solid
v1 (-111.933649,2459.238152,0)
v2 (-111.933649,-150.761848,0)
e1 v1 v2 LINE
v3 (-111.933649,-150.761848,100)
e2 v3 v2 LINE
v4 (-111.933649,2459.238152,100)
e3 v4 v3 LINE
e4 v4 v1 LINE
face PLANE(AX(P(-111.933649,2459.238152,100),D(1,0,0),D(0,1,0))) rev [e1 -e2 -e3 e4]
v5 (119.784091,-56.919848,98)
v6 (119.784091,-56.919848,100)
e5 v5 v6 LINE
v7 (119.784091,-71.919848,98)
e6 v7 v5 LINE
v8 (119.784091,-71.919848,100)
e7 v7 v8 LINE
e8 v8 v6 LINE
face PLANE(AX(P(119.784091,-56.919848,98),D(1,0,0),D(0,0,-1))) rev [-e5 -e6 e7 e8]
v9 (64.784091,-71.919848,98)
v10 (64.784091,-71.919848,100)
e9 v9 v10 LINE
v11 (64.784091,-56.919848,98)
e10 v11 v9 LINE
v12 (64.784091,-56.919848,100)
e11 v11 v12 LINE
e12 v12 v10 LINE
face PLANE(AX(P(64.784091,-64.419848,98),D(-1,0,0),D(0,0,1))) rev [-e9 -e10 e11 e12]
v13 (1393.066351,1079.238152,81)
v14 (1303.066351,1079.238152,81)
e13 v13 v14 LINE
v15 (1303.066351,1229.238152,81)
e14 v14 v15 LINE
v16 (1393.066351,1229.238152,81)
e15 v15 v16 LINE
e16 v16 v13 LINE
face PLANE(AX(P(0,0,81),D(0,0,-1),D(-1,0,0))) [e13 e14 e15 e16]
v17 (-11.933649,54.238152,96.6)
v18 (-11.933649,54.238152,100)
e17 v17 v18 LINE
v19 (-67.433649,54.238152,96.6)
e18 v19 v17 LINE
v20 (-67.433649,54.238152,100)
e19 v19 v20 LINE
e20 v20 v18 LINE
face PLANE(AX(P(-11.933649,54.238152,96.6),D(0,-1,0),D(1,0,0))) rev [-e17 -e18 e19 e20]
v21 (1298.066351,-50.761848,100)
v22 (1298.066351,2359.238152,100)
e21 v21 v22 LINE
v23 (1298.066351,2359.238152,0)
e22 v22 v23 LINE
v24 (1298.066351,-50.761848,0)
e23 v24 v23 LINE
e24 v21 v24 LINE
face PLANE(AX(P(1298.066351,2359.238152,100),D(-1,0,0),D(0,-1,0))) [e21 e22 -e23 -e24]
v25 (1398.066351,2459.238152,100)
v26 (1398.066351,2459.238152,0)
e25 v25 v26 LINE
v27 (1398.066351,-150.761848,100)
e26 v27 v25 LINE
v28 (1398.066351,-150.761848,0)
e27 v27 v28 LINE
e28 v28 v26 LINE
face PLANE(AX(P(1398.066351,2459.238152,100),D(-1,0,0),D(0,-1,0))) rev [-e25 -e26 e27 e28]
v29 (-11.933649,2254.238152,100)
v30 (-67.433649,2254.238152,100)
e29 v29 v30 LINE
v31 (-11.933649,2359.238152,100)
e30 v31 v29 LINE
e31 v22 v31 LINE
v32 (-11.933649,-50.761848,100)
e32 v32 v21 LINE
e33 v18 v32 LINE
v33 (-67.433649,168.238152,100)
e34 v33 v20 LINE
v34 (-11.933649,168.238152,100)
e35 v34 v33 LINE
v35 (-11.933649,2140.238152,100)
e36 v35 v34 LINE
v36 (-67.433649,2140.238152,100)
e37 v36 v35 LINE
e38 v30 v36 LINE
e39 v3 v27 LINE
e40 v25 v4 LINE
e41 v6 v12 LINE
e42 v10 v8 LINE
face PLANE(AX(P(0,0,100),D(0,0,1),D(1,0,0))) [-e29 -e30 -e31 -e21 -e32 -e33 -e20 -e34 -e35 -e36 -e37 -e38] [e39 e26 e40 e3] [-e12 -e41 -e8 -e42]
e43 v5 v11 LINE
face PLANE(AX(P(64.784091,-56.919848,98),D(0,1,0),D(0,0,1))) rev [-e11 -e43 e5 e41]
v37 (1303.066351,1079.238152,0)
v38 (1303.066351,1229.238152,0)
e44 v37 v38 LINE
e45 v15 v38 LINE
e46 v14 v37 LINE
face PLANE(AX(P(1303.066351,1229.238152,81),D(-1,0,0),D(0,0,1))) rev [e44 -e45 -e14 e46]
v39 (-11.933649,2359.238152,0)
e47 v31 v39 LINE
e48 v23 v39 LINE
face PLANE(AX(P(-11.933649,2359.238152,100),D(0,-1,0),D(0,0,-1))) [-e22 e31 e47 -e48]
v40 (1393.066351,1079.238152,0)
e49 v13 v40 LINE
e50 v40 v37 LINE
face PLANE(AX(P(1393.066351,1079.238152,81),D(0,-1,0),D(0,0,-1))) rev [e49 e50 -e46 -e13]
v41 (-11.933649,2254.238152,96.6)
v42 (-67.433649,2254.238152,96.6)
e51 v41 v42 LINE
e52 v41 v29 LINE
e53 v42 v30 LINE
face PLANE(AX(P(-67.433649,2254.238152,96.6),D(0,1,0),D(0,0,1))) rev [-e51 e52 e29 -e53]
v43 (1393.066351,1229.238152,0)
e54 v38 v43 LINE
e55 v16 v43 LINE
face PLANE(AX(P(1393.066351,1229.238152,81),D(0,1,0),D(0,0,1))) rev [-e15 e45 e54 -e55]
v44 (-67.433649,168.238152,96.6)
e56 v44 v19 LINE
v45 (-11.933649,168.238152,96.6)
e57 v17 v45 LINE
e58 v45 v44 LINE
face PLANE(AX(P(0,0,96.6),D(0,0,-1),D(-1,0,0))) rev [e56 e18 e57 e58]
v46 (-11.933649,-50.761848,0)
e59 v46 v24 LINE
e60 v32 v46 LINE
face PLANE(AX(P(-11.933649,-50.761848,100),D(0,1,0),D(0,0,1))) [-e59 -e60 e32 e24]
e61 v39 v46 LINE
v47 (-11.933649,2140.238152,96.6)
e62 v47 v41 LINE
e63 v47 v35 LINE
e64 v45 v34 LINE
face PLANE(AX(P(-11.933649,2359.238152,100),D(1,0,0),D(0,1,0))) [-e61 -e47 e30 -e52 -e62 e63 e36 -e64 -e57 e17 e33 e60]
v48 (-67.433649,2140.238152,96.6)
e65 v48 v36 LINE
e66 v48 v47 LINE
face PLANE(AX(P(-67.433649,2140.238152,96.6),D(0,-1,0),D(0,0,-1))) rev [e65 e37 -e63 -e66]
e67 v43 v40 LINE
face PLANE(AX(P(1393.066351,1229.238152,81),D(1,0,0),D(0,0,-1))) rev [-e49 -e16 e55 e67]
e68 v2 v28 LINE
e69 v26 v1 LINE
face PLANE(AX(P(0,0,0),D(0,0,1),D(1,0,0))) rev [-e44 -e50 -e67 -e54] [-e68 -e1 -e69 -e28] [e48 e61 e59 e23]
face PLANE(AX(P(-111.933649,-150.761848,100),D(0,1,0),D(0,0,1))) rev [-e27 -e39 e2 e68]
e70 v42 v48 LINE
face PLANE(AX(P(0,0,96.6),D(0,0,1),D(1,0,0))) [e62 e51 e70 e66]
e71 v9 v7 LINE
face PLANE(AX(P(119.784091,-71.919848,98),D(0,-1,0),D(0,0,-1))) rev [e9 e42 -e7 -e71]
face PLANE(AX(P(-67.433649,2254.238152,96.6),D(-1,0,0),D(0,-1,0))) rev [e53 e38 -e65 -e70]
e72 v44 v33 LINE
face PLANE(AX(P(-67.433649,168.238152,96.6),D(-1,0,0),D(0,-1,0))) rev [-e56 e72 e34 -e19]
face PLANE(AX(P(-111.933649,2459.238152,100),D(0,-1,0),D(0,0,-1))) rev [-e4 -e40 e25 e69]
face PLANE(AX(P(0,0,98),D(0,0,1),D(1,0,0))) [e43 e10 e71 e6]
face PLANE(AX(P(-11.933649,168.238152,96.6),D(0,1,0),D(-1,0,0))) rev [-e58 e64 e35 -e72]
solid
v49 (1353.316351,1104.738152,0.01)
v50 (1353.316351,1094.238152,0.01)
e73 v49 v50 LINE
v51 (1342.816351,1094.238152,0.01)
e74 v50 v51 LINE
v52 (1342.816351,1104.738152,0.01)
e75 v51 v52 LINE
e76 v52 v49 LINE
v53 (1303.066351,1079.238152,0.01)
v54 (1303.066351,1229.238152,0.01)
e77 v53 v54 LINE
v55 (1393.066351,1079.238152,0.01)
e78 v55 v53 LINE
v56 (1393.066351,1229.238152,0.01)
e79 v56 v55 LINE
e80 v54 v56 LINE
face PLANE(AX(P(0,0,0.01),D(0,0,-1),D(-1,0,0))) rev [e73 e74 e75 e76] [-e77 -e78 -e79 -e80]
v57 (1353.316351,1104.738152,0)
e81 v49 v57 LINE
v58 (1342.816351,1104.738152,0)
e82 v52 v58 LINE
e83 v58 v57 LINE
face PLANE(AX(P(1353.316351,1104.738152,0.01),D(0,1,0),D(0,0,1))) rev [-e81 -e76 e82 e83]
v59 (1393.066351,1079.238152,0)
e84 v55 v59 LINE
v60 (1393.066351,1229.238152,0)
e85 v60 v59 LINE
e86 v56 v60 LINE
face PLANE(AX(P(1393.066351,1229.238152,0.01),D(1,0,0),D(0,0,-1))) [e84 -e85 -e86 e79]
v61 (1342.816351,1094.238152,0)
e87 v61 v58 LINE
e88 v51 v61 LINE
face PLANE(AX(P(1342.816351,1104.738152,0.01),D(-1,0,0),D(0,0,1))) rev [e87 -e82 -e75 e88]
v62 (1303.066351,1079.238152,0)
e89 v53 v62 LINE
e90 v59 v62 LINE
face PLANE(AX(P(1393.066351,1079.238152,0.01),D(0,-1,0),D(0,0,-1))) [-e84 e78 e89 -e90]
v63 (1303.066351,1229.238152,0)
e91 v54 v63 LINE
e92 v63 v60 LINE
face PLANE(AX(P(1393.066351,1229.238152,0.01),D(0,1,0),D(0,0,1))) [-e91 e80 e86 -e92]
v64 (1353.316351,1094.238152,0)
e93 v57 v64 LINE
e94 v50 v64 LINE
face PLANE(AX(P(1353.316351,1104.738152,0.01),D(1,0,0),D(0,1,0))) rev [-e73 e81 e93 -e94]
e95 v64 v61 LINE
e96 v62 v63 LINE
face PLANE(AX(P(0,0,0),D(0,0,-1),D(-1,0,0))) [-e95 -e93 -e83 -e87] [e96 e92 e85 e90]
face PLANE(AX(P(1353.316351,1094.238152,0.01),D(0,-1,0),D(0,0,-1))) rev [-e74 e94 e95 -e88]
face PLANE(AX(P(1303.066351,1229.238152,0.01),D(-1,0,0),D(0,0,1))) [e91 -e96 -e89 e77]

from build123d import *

# Parameters (mm, degrees)
SKETCH1_W           = 1510
SKETCH1_H           = 2610
SKETCH1_W_2         = 1310
SKETCH1_H_2         = 2410
BOSS_EXTRUDE1_DEPTH = 100
SKETCH2_W           = 55.5
SKETCH2_H           = 114
CUT_EXTRUDE1_DEPTH  = 3.4
CUT_EXTRUDE2_DEPTH  = 2
SKETCH6_W           = 90
SKETCH6_H           = 150
CUT_EXTRUDE3_DEPTH  = 81
SKETCH8_W           = 90
SKETCH8_H           = 150
SKETCH8_W_2         = 10.5
SKETCH8_H_2         = 10.5
BOSS_EXTRUDE6_DEPTH = 0.01


with BuildPart() as part:
    # Sketch1 → Boss-Extrude1 (new body)
    with BuildSketch(Plane.XY):
        with Locations((643.066350711, 1154.238151659)):
            Rectangle(SKETCH1_W, SKETCH1_H)
        with Locations((643.066350711, 1154.238151659)):
            Rectangle(SKETCH1_W_2, SKETCH1_H_2, mode=Mode.SUBTRACT)
    extrude(amount=BOSS_EXTRUDE1_DEPTH)

    # Sketch2 → Cut-Extrude1 (cut)
    with BuildSketch(Plane.XY.offset(100)):
        with Locations((-39.683649289, 2197.238151659)):
            Rectangle(SKETCH2_W, SKETCH2_H)
        with Locations((-39.683649289, 111.238151659)):
            Rectangle(SKETCH2_W, SKETCH2_H)
    extrude(amount=-CUT_EXTRUDE1_DEPTH, mode=Mode.SUBTRACT)

    # Sketch4 → Cut-Extrude2 (cut)
    with BuildSketch(Plane.XY.offset(100)):
        Polygon((64.784090596, -64.419848341), (64.784090596, -71.919848341), (72.284090596, -71.919848341), (114.224510839, -71.919848341), (119.784090596, -71.919848341), (119.784090596, -56.919848341), (64.784090596, -56.919848341), align=None)
    extrude(amount=-CUT_EXTRUDE2_DEPTH, mode=Mode.SUBTRACT)

    # Sketch6 → Cut-Extrude3 (cut)
    with BuildSketch(Plane(origin=(0, 0, 0), x_dir=(-1, 0, 0), z_dir=(0, 0, -1))):
        with Locations((-1348.066350711, 1154.238151659)):
            Rectangle(SKETCH6_W, SKETCH6_H)
    extrude(amount=-CUT_EXTRUDE3_DEPTH, mode=Mode.SUBTRACT)


with BuildPart() as body_2:
    # Sketch8 → Boss-Extrude6 (new body)
    with BuildSketch(Plane(origin=(0, 0, 0), x_dir=(-1, 0, 0), z_dir=(0, 0, -1))):
        with Locations((-1348.066350711, 1154.238151659)):
            Rectangle(SKETCH8_W, SKETCH8_H)
        with Locations((-1348.066350711, 1099.488151659)):
            Rectangle(SKETCH8_W_2, SKETCH8_H_2, mode=Mode.SUBTRACT)
    extrude(amount=-BOSS_EXTRUDE6_DEPTH)


solid = Compound([part.part, body_2.part])
